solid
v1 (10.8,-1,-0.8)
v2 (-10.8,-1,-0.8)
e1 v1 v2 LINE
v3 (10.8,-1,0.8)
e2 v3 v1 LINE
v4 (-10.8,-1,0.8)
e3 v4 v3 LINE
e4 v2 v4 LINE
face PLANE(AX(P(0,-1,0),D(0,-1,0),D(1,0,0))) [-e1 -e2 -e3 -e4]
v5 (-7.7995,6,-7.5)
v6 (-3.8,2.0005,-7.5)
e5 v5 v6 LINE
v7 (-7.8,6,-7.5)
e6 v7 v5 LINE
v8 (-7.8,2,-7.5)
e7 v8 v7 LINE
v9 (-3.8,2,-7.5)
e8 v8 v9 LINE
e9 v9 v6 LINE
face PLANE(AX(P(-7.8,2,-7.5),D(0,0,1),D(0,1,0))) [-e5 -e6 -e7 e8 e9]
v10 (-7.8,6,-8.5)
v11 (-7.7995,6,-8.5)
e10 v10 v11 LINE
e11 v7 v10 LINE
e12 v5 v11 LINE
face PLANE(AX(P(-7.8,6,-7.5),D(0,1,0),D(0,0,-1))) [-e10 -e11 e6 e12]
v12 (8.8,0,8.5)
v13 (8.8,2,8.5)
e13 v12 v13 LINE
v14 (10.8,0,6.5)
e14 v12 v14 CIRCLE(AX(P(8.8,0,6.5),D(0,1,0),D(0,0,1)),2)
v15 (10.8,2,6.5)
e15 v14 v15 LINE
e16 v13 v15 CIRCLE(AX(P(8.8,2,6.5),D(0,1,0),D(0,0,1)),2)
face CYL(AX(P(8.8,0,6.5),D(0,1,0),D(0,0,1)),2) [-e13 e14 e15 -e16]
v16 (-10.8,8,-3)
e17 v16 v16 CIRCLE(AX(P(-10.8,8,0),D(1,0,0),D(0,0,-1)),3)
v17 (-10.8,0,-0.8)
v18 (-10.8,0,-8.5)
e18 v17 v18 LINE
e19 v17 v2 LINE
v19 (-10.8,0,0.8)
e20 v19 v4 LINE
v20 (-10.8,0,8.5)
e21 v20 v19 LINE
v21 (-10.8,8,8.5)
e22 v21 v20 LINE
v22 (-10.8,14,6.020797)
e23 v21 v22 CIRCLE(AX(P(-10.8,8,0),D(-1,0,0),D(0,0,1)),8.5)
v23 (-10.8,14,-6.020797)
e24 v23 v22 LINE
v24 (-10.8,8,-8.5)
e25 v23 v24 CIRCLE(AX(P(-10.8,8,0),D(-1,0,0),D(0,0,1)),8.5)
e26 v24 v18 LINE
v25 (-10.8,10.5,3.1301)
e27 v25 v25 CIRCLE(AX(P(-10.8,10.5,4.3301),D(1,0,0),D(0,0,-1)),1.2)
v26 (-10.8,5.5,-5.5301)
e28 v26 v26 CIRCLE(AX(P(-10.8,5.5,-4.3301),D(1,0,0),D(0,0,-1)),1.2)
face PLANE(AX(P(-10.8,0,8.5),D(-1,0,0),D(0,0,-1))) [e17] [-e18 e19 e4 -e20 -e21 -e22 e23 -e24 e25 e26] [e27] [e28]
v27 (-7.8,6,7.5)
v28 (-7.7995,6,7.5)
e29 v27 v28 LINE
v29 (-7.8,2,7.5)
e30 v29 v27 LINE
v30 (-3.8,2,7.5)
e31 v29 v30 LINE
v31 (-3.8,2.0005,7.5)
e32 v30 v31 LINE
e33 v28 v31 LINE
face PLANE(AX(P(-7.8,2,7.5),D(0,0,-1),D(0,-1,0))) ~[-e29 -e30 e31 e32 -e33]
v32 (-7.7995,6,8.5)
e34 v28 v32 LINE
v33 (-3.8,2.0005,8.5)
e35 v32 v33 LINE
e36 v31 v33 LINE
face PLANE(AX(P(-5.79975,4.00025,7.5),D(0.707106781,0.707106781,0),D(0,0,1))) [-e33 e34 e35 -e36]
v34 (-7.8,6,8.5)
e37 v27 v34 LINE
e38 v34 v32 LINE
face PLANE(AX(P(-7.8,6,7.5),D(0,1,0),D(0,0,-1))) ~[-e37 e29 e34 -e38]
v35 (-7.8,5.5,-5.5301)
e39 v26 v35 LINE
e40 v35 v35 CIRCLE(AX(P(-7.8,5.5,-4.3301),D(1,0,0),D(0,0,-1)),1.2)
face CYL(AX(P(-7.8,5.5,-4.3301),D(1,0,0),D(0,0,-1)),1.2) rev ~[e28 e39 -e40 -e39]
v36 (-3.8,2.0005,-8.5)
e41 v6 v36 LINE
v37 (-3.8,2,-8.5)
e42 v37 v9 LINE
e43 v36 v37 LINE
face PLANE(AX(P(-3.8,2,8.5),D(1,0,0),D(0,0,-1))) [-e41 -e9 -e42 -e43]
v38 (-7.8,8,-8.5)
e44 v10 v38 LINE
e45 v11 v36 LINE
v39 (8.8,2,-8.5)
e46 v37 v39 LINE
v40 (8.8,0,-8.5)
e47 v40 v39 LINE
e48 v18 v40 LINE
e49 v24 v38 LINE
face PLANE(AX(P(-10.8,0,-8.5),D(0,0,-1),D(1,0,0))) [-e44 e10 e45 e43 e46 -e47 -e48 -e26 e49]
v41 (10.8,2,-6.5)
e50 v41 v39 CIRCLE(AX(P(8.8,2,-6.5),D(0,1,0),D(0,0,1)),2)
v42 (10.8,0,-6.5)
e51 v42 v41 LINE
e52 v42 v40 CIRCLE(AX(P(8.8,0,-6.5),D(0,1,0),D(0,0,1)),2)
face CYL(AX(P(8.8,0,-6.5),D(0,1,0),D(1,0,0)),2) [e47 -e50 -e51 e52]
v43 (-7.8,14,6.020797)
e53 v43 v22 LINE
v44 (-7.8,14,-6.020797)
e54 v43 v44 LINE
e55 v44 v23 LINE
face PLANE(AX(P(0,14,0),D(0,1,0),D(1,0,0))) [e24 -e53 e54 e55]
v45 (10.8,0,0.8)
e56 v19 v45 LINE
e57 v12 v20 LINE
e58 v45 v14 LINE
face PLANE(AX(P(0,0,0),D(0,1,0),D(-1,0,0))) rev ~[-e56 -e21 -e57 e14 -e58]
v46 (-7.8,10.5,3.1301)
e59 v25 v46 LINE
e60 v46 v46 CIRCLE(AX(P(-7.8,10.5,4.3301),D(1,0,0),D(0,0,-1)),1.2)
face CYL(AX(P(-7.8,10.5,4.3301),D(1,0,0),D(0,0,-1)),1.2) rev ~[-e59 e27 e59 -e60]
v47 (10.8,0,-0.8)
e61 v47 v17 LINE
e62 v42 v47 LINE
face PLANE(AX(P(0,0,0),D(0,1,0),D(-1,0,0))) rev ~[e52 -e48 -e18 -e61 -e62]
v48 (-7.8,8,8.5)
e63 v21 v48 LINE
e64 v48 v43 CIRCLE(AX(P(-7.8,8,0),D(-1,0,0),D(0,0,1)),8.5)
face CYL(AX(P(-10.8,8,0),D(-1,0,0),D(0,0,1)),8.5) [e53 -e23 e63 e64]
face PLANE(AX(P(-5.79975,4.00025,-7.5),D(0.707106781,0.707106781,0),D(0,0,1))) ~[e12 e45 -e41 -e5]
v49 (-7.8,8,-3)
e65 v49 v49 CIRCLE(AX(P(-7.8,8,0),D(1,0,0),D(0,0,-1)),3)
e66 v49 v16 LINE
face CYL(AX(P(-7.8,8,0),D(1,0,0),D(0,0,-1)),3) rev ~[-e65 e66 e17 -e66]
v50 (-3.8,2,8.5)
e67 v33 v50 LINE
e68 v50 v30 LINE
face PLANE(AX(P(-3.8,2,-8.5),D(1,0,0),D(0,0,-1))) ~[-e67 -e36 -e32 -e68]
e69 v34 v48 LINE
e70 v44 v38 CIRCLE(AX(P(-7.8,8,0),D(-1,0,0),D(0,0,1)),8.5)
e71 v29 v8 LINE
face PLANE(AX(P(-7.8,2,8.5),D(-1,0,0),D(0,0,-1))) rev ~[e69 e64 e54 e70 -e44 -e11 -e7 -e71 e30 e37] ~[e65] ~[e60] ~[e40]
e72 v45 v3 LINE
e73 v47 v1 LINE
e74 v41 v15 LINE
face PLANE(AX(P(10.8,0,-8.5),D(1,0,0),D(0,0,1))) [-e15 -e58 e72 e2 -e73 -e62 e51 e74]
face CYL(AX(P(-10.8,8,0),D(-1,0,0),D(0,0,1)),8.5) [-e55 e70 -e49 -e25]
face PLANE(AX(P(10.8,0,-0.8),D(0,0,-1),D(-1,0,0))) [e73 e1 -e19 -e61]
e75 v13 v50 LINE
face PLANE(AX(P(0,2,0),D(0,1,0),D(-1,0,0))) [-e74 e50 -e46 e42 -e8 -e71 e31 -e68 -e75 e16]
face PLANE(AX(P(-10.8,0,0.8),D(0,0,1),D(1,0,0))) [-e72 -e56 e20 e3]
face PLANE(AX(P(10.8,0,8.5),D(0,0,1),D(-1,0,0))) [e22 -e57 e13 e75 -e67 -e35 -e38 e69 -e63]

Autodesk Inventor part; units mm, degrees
ref_plane "YZ Plane" through (0, 0, 0) normal (1, 0, 0) x (0, 1, 0)
ref_plane "XZ Plane" through (0, 0, 0) normal (0, 1, 0) x (-1, 0, 0)
ref_plane "XY Plane" through (0, 0, 0) normal (0, 0, 1) x (1, 0, 0)
sketch "Sketch1" plane through (0, 0, 0) normal (0, 1, 0) x (-1, 0, 0)
  line L0 (-10.8, 8.5) -> (10.8, 8.5)
  line L1 (10.8, 8.5) -> (10.8, -8.5)
  line L2 (10.8, -8.5) -> (-10.8, -8.5)
  line L3 (-10.8, -8.5) -> (-10.8, 8.5)
  line L4 (-10.8, 8.5) -> (10.8, -8.5) construction
  line L5 (10.8, 8.5) -> (-10.8, -8.5) construction
  point P0 (0, 0)
  dimension "d0" = 21.6
  dimension "d1" = 17
extrude "Extrusion1" add sketch "Sketch1" along normal blind 2
sketch "Sketch2" plane through (0, 2, 0) normal (0, 1, 0) x (1, 0, 0)
  line L0 (-10.8, 8.5) -> (-10.8, -8.5) projected
  line L1 (-10.8, -8.5) -> (-7.8, -8.5)
  line L2 (-7.8, -8.5) -> (-7.8, 8.5)
  line L3 (-7.8, 8.5) -> (-10.8, 8.5)
  line L4 (-10.8, 8.5) -> (-10.8, -8.5)
  point P0 (0, 0)
  point P1 (-10.8, 0)
  point P2 (-10.8, 8.5)
  dimension "d4" = 3
  dimension "d5" = 17
extrude "Extrusion2" add sketch "Sketch2" along normal blind 12
sketch "Sketch3" plane through (-7.8, 2, 8.5) normal (1, 0, 0) x (0, 0, -1)
  circle A0 centre (8.5, 6) radius 3
  line L0 (0, 12) -> (17, 12) projected
  line L1 (17, 0) -> (17, 12) projected
  circle A1 centre (4.1699, 8.5) radius 1.2
  line L2 (0, -2) -> (0, 12) projected
  line L3 (0, 6) -> (17, 6) construction
  line L4 (1.8753, 9.8248) -> (15.1247, 2.1752) construction
  circle A2 centre (12.8301, 3.5) radius 1.2
  point P0 (8.5, -2)
  point P1 (8.5, 6)
  dimension "d8" = 6
  dimension "d9" = 6
  dimension "d10" = 8.5
  dimension "d11" = 2.4
  dimension "d12" = -30
  dimension "d13" = 5
  dimension "d14" = 2.4
  dimension "d15" = 5
extrude "Extrusion3" cut sketch "Sketch3" against normal blind 5
sketch "Sketch4" plane through (-10.8, 0, -8.5) normal (-1, 0, 0) x (0, 0, 1)
  circle A0 centre (8.5, 8) radius 3 projected
  circle A1 centre (8.5, 8) radius 8.5
  line L0 (0, 0) -> (0, 14) projected
  circle A2 centre (8.5, 8) radius 12.6892
  line L1 (8.5, 8) -> (-4.1892, 8)
  line L2 (8.5, 8) -> (21.1892, 8)
  point P0 (8.5, 0)
  point P1 (17, 8)
  point P2 (0, 8)
  dimension "d18" = 17
extrude "Extrusion4" cut sketch "Sketch4" against normal blind 5 contours A1 L1 A2 L2 picked at (-2.5876, 9.6903)
sketch "Sketch5" plane through (-10.8, 0, -8.5) normal (-1, 0, 0) x (0, 0, 1)
  circle A0 centre (4.1699, 5.5) radius 1.2 projected
  circle A1 centre (12.8301, 10.5) radius 1.2 projected
  line L0 (4.1699, 5.5) -> (12.8301, 10.5) construction
  point P0 (8.5, 0)
  point P1 (8.5, 8)
extrude "Extrusion6" cut sketch "Sketch5" against normal blind 0.4
sketch "Sketch7" plane through (0, 0, 0) normal (0, -1, 0) x (1, 0, 0)
  line L0 (-10.8, -8.5) -> (-10.8, 8.5) projected
  line L1 (-10.8, 0.8) -> (10.8, 0.8)
  line L2 (10.8, 0.8) -> (10.8, -0.8)
  line L3 (10.8, -0.8) -> (-10.8, -0.8)
  line L4 (-10.8, -0.8) -> (-10.8, 0.8)
  line L5 (10.8, 8.5) -> (10.8, -8.5) projected
  point P0 (0, 0)
  dimension "d27" = 1.6
  dimension "d28" = 0.8
extrude "Extrusion7" add sketch "Sketch7" along normal blind 1
fillet "Fillet1" radius 2 2 edges at (10.8, 1, -8.5) (10.8, 1, 8.5)
sketch "Sketch9" plane through (-7.8, 2, 8.5) normal (1, 0, 0) x (0, 0, -1)
  line L0 (17, 0) -> (16, 0)
  line L1 (16, 0) -> (16, 4)
  line L2 (16, 4) -> (17, 4)
  line L3 (17, 4) -> (17, 0)
  point P0 (8.5, -2)
  dimension "d36" = 1
  dimension "d37" = 4
extrude "Extrusion9" add sketch "Sketch9" along normal blind 4
chamfer "Chamfer2" distance 4 angle 45 1 edges at (-3.8, 6, -8)
mirror "Mirror2" about plane through (0, 0, 0) normal (0, 0, 1) of "Extrusion9", "Chamfer2"
properties part number "Trzymak2"
